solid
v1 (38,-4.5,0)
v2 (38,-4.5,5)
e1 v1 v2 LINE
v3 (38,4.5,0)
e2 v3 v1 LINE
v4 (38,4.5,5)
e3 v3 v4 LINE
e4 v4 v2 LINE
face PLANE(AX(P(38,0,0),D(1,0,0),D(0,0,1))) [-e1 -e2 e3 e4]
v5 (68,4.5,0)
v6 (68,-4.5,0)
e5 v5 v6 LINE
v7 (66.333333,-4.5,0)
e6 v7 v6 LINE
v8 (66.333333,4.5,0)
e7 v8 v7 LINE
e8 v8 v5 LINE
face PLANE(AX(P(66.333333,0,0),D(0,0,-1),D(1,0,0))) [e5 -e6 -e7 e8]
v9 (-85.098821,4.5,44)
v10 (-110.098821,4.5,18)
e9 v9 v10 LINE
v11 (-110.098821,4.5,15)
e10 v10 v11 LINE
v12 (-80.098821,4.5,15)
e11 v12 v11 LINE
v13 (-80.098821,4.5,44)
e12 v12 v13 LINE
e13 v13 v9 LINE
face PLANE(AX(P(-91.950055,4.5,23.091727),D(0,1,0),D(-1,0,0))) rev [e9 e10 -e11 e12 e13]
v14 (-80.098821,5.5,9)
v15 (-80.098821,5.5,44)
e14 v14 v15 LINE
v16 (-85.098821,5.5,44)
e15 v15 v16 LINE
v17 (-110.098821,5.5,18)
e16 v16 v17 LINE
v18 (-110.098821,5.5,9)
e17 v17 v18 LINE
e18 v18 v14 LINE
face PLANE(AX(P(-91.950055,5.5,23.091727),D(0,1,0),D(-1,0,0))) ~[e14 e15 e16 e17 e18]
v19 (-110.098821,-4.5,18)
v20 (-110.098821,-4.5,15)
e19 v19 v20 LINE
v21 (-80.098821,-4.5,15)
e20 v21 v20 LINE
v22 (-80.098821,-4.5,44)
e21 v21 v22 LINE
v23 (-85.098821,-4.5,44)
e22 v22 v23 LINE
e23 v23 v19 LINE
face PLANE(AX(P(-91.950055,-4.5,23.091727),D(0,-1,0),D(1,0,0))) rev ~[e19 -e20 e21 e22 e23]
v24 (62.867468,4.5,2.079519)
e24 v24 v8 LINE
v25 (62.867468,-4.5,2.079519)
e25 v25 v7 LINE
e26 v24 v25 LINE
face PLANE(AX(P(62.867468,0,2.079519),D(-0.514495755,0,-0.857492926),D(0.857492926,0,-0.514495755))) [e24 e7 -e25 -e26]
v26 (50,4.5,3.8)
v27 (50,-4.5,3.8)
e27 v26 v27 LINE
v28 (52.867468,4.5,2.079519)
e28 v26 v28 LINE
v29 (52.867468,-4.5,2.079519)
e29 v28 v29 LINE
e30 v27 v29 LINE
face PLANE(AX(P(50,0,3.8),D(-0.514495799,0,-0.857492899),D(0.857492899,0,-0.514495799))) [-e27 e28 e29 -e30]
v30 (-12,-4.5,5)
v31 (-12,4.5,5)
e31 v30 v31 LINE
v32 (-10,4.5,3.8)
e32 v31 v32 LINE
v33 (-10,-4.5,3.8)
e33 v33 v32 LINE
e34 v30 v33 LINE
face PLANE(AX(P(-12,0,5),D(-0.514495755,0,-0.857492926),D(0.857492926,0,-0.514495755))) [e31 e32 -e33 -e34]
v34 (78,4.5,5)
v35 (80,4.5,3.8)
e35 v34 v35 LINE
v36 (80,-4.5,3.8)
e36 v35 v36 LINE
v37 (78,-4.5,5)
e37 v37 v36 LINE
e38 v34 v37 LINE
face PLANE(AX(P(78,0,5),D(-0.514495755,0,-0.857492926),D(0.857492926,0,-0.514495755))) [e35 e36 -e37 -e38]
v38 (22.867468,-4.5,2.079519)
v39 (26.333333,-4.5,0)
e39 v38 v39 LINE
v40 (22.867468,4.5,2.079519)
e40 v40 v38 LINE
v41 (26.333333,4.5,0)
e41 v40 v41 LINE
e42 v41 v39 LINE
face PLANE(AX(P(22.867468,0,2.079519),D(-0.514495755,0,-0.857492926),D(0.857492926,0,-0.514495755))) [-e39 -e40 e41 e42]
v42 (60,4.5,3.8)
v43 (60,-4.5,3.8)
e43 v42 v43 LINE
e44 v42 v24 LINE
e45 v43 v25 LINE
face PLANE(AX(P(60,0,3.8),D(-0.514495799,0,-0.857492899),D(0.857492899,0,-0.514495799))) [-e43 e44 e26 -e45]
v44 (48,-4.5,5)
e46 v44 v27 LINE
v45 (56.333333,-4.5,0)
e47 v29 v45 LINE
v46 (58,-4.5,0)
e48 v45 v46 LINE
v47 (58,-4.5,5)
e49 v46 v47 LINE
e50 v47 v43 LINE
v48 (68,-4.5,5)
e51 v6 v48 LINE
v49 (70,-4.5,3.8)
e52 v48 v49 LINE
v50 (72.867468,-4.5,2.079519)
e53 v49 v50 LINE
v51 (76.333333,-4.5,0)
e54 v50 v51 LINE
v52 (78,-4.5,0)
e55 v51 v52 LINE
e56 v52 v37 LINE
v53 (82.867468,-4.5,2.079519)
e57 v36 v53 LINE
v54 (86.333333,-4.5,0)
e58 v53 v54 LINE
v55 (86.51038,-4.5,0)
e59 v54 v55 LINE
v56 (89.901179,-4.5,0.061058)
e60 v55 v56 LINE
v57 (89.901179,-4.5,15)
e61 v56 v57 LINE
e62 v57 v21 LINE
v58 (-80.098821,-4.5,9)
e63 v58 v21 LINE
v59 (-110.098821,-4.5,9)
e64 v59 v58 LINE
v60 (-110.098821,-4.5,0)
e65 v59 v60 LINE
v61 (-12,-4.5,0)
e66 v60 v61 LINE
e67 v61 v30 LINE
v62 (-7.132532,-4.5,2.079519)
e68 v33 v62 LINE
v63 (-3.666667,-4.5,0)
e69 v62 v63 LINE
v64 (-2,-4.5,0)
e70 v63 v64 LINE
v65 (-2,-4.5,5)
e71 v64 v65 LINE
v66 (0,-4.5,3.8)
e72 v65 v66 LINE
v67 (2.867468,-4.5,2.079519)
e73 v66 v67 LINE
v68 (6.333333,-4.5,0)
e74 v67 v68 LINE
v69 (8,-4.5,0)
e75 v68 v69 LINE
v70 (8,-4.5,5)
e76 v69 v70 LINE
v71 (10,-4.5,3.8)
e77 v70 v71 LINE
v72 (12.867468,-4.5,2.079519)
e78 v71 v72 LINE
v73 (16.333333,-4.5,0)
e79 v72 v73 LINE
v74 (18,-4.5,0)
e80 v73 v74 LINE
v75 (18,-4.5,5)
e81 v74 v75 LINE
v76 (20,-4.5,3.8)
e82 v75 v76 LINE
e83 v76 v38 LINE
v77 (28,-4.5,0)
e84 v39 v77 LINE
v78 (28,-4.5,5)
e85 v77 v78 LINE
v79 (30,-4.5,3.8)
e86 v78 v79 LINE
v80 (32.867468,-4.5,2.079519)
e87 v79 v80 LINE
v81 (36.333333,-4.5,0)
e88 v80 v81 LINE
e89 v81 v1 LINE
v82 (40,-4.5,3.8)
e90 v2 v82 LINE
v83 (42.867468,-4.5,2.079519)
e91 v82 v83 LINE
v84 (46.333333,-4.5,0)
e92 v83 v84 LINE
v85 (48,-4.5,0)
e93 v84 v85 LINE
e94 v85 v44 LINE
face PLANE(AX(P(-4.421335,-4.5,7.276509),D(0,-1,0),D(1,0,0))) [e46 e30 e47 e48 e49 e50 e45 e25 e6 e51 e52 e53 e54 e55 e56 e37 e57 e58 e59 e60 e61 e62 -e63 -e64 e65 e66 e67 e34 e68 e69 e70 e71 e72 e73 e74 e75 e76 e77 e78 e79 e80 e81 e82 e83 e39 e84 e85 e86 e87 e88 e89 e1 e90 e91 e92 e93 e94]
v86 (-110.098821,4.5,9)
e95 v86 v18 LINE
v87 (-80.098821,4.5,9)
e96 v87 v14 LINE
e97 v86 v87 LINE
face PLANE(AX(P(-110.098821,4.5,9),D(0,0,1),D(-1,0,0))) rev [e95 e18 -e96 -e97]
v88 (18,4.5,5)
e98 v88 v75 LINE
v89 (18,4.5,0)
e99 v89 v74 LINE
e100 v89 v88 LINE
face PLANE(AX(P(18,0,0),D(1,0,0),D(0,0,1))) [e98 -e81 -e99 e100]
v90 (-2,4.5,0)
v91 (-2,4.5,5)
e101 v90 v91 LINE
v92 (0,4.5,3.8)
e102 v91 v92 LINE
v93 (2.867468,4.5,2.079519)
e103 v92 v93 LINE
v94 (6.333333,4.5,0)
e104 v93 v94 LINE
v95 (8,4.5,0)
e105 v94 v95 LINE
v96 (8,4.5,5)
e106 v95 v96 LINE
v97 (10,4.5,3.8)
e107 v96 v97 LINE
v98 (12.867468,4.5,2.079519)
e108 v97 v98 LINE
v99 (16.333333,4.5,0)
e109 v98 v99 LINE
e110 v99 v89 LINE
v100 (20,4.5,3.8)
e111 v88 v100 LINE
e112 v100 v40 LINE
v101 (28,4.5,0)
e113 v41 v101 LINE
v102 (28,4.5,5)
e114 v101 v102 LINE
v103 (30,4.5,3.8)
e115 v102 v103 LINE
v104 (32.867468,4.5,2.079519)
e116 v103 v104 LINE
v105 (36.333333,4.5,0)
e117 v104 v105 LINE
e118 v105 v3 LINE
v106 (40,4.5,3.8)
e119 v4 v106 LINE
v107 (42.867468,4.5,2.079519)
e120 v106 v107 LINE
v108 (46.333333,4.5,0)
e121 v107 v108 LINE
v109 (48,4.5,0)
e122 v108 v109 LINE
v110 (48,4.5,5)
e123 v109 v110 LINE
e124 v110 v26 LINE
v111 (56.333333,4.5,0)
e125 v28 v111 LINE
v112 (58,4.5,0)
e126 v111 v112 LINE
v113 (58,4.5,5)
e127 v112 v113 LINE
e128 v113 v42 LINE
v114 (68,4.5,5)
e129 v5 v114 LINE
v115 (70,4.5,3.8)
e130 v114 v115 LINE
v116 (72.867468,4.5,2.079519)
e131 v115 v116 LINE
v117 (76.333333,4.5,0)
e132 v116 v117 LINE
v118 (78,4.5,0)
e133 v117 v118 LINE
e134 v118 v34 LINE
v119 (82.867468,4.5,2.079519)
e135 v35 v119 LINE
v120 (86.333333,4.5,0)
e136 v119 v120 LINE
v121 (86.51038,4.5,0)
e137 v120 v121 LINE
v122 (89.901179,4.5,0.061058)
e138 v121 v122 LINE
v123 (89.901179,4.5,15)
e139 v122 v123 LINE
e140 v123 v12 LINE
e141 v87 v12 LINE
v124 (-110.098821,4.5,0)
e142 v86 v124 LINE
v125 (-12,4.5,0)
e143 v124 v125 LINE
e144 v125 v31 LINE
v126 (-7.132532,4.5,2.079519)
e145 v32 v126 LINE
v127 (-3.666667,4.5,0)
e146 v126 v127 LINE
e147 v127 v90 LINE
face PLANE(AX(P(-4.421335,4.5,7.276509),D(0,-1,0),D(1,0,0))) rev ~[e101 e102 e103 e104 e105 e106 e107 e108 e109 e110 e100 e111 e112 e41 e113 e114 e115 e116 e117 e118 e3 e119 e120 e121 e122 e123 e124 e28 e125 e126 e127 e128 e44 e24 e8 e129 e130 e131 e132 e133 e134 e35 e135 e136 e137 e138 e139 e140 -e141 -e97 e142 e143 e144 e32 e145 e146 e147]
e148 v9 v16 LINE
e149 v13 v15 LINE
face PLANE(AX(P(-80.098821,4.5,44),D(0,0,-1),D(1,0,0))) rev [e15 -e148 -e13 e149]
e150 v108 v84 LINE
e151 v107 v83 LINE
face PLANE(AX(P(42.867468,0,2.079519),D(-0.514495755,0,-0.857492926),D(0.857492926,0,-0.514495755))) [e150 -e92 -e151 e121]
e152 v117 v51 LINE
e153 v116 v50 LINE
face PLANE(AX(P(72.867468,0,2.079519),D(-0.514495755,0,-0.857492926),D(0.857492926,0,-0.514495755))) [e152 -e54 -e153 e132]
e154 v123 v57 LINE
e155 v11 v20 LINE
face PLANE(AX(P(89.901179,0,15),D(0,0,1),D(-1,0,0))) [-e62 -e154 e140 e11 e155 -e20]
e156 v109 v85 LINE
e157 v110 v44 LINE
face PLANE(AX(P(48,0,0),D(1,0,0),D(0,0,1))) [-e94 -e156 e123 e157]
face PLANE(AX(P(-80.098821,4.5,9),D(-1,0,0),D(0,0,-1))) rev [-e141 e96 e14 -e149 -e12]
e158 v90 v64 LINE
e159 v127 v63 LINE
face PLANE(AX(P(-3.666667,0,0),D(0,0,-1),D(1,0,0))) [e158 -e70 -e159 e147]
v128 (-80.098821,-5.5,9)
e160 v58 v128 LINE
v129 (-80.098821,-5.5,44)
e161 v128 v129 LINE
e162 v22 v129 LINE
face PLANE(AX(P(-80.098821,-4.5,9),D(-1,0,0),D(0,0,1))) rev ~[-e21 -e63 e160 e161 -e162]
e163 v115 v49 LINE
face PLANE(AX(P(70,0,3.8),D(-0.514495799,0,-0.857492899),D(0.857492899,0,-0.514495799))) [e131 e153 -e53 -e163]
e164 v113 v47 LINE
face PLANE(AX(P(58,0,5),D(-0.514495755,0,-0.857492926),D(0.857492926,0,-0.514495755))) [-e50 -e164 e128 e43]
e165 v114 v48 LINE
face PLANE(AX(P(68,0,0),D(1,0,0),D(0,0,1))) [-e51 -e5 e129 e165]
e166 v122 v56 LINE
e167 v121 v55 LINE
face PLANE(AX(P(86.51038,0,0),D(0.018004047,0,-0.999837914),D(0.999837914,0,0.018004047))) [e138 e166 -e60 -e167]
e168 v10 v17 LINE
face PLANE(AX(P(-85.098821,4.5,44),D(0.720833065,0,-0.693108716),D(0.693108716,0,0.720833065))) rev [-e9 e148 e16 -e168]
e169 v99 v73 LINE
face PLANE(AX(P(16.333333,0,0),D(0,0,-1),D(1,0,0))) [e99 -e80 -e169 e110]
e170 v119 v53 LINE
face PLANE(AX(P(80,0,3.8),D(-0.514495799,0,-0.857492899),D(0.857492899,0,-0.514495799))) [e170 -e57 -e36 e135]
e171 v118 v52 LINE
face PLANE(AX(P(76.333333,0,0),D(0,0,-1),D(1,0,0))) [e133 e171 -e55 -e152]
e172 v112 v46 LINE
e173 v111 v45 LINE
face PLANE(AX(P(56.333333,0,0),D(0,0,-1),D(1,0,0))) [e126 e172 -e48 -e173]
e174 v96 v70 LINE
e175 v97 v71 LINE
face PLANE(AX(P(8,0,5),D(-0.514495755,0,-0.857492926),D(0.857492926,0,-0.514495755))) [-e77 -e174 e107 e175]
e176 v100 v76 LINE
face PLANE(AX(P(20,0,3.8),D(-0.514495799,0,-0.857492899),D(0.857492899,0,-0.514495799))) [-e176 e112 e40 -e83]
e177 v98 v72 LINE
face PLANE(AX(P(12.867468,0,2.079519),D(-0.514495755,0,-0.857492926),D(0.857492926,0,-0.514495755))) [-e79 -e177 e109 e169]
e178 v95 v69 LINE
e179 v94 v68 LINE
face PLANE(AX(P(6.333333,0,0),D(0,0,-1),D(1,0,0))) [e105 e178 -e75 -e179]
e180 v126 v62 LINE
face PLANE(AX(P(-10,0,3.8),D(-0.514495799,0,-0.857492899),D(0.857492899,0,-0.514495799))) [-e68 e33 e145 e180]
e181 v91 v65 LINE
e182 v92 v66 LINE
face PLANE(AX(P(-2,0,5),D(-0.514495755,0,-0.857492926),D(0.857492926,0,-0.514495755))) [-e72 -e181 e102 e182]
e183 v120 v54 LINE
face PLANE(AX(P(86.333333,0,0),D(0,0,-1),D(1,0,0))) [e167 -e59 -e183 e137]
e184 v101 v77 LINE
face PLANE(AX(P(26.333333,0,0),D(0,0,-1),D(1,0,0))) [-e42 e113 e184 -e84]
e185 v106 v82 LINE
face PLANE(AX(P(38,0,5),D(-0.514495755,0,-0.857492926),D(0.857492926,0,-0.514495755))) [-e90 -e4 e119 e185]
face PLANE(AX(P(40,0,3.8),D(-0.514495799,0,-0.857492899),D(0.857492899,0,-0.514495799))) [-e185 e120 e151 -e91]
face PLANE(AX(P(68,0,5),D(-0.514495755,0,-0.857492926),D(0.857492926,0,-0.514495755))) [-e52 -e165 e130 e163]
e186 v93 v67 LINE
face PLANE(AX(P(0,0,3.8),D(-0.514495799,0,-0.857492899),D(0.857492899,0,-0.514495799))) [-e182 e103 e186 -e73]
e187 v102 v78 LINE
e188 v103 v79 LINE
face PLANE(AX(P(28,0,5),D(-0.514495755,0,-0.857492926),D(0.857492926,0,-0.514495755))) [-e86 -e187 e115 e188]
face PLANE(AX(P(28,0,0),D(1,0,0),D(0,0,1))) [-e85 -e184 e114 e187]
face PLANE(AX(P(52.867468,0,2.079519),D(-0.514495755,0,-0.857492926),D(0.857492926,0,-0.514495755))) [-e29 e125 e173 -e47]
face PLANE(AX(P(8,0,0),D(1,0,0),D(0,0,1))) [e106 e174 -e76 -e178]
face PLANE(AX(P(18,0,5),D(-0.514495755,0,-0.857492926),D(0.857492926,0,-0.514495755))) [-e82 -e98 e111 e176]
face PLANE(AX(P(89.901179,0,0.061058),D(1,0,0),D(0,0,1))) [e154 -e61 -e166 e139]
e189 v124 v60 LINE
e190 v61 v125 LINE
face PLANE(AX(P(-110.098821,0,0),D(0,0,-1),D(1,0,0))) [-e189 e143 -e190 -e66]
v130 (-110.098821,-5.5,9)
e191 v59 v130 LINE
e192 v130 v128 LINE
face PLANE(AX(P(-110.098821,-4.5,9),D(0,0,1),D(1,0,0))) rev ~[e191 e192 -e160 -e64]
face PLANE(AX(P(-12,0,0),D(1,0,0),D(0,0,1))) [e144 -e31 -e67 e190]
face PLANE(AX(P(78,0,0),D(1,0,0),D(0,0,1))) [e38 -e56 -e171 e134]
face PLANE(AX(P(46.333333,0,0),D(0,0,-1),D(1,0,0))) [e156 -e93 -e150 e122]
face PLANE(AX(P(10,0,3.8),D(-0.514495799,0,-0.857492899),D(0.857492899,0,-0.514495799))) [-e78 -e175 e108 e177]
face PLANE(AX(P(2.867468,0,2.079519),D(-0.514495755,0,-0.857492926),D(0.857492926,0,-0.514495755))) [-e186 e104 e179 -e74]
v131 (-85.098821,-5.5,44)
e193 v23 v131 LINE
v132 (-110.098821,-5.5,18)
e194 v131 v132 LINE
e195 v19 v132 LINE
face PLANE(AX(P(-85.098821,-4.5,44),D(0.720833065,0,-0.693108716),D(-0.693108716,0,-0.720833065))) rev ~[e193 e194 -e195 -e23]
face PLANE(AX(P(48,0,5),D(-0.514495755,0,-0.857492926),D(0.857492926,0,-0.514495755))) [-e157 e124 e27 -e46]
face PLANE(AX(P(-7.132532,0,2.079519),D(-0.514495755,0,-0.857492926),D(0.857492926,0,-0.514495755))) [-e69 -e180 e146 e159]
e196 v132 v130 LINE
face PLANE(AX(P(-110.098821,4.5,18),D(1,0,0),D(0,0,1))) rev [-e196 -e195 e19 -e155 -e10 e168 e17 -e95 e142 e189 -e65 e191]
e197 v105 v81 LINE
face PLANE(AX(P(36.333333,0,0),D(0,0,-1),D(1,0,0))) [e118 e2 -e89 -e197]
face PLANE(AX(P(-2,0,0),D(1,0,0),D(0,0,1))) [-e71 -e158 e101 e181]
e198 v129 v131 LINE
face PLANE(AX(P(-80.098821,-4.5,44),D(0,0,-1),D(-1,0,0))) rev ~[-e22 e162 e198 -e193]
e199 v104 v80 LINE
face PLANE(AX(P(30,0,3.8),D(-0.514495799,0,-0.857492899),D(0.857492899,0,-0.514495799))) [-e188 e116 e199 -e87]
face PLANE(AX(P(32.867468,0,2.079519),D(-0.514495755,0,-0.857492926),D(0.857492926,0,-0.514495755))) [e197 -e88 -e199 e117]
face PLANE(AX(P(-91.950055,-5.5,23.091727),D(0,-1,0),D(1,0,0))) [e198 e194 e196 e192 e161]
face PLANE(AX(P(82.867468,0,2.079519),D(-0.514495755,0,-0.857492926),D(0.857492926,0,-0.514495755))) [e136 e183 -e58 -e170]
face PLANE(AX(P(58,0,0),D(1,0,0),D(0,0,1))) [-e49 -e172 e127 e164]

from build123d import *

# Parameters (mm, degrees)
F1_DEPTH = 4.5
F4_DEPTH = 1


with BuildPart() as f1:
    # F0 (on Front) → F1 (new body, symmetric)
    with BuildSketch(Plane.XZ):
        Polygon((-10, 3.8), (-7.132532, 2.079519), (-3.666667, 0), (-3.48962, 0), (-2, 0), (-2, 5), (0, 3.8), (2.867468, 2.079519), (6.333333, 0), (6.51038, 0), (8, 0), (8, 5), (10, 3.8), (12.867468, 2.079519), (16.333333, 0), (16.51038, 0), (18, 0), (18, 5), (20, 3.8), (22.867468, 2.079519), (26.333333, 0), (26.51038, 0), (28, 0), (28, 5), (30, 3.8), (32.867468, 2.079519), (36.333333, 0), (36.51038, 0), (38, 0), (38, 5), (40, 3.8), (42.867468, 2.079519), (46.333333, 0), (46.51038, 0), (48, 0), (48, 5), (50, 3.8), (52.867468, 2.079519), (56.333333, 0), (56.51038, 0), (58, 0), (58, 5), (60, 3.8), (62.867468, 2.079519), (66.333333, 0), (66.51038, 0), (68, 0), (68, 5), (70, 3.8), (72.867468, 2.079519), (76.333333, 0), (76.51038, 0), (78, 0), (78, 5), (80, 3.8), (82.867468, 2.079519), (86.333333, 0), (86.51038, 0), (89.901179, 0.061058), (89.901179, 15), (-110.098821, 15), (-110.098821, 0), (-12, 0), (-12, 5), align=None)
    extrude(amount=F1_DEPTH, both=True)

    # F3 (on offset) → F4 (join)
    with BuildSketch(Plane.XZ.offset(4.5)):
        Polygon((-80.098821, 44), (-85.098821, 44), (-110.098821, 18), (-110.098821, 9), (-80.098821, 9), align=None)
    extrude(amount=F4_DEPTH)

    # F5: F1 across plane


with BuildPart() as f1_1:
    add(f1.part)
    add(f1.part.mirror(Plane.XZ))


solid = f1_1.part
